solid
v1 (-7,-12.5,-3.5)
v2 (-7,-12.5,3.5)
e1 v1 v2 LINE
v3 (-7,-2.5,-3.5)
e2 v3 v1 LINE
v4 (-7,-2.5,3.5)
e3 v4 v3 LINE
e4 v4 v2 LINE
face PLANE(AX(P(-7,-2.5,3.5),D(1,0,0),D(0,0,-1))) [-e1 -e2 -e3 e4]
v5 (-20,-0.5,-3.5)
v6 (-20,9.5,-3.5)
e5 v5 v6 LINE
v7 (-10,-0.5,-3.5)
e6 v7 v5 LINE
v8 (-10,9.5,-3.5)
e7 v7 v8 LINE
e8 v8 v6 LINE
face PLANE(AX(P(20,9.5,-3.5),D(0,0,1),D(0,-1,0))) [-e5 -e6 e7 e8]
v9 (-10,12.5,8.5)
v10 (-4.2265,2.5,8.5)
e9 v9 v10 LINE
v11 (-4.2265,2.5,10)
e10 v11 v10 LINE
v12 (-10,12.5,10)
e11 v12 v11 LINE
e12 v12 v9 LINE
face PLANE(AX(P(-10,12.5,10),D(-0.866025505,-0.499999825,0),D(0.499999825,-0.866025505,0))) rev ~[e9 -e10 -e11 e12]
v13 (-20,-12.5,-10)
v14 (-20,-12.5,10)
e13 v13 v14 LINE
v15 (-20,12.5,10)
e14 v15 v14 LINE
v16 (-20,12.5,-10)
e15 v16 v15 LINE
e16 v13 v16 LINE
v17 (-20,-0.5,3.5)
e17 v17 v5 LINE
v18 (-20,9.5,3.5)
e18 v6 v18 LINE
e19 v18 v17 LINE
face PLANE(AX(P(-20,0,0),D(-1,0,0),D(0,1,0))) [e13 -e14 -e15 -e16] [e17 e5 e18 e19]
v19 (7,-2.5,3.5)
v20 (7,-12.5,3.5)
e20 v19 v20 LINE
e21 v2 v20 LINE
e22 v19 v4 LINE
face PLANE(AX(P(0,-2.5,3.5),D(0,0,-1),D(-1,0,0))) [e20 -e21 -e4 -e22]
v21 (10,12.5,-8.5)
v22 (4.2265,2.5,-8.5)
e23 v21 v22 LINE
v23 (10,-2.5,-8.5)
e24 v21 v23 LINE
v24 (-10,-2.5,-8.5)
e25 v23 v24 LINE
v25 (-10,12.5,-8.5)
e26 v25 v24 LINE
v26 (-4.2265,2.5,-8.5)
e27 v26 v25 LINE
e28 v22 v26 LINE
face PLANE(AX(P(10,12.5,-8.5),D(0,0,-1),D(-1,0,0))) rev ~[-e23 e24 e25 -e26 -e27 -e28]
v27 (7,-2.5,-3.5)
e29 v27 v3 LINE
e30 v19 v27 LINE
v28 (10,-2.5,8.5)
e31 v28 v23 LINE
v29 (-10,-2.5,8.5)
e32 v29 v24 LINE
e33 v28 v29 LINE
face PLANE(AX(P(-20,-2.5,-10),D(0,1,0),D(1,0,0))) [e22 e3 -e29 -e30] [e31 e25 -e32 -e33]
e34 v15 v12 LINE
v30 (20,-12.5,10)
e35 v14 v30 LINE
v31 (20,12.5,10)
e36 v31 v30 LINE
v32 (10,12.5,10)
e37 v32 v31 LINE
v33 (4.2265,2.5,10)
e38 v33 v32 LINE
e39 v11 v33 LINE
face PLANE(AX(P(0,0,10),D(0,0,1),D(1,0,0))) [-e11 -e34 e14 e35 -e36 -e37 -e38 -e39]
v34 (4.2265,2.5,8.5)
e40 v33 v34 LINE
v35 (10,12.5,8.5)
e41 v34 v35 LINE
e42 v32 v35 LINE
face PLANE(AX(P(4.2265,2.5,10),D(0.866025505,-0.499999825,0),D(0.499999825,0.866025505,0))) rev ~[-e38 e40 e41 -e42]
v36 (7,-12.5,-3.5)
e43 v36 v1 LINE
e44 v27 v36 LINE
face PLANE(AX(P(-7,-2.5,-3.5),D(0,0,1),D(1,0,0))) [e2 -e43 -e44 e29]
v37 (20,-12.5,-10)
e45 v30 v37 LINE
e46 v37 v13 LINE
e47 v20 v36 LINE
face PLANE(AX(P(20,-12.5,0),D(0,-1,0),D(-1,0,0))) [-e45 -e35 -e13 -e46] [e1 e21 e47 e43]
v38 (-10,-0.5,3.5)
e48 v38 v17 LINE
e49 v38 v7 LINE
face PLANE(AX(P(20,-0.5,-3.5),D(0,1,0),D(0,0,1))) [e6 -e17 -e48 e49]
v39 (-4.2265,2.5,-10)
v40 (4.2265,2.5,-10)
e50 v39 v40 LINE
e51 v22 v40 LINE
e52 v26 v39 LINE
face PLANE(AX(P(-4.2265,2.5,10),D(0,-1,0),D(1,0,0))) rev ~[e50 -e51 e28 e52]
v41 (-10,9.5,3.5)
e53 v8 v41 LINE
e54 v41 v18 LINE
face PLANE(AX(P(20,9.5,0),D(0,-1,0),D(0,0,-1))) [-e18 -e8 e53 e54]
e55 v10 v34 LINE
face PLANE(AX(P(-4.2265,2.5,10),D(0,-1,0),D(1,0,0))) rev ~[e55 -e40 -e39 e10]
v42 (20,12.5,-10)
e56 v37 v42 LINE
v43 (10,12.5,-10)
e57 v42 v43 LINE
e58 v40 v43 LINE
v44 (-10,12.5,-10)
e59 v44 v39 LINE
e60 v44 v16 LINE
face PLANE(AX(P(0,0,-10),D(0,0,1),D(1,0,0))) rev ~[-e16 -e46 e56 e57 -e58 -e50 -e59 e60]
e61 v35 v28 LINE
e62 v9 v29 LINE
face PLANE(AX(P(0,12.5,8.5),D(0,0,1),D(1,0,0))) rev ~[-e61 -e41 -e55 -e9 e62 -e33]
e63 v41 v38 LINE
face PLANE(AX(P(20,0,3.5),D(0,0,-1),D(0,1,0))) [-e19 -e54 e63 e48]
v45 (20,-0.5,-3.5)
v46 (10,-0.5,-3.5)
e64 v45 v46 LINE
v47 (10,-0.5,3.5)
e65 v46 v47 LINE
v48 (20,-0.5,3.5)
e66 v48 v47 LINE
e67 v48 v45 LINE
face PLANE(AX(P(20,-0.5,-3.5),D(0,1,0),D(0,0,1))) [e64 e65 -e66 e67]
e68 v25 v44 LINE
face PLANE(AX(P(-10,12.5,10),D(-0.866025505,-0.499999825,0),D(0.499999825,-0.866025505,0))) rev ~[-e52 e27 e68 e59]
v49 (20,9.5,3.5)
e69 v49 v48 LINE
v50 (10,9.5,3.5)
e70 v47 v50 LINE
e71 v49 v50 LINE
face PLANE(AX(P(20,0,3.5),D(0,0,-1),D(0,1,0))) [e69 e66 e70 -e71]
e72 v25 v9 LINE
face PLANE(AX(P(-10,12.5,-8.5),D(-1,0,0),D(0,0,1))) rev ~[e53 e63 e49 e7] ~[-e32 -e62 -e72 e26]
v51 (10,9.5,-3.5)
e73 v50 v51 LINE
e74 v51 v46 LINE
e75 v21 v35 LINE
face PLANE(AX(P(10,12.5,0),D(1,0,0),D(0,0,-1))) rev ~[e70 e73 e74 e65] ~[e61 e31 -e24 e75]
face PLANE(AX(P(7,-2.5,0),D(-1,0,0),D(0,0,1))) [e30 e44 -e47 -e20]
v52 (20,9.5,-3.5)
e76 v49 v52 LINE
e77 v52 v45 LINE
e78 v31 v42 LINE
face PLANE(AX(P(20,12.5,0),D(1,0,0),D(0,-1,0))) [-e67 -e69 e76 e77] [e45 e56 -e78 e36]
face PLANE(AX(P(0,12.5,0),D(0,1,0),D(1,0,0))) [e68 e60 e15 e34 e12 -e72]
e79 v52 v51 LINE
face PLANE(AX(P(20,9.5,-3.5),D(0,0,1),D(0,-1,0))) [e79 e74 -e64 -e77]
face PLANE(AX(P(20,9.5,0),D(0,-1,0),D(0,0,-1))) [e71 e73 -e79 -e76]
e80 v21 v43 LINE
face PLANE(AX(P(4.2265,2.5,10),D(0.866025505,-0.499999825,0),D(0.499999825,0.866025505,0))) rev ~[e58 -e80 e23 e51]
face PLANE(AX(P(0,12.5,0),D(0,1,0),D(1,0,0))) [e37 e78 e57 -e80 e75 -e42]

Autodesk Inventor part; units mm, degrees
ref_plane "YZ Plane" through (0, 0, 0) normal (1, 0, 0) x (0, 1, 0)
ref_plane "XZ Plane" through (0, 0, 0) normal (0, 1, 0) x (-1, 0, 0)
ref_plane "XY Plane" through (0, 0, 0) normal (0, 0, 1) x (1, 0, 0)
sketch "Náčrt1" plane through (0, 0, 0) normal (0, 0, 1) x (1, 0, 0)
  line L0 (0, 17.5) -> (0, -17.5) projected
  line L1 (-28, 0) -> (28, 0) projected
  line L2 (-20, 12.5) -> (20, 12.5)
  line L3 (20, 12.5) -> (20, -12.5)
  line L4 (20, -12.5) -> (-20, -12.5)
  line L5 (-20, -12.5) -> (-20, 12.5)
  point P0 (0, 0)
  dimension "d0" = 40
  dimension "d1" = 25
extrude "Vysunutí1" add sketch "Náčrt1" along normal mid plane 20
sketch "Náčrt2" plane through (-20, 12.5, -10) normal (0, 1, 0) x (1, 0, 0)
  line L0 (0, 0) -> (40, 0) projected
  line L1 (0, 0) -> (0, -20) projected
  line L2 (40, -20) -> (0, -20) projected
  line L3 (40, 0) -> (40, -20) projected
  line L4 (-8, -10) -> (48, -10) projected
  line L5 (20, 4) -> (20, -24) projected
  line L6 (10, -18.5) -> (30, -18.5)
  line L7 (30, -18.5) -> (30, -1.5)
  line L8 (30, -1.5) -> (10, -1.5)
  line L9 (10, -1.5) -> (10, -18.5)
  point P0 (20, -10)
  dimension "d4" = 17
  dimension "d5" = 20
extrude "Vysunutí2" cut sketch "Náčrt2" against normal blind 15 contours L8 L7 L4 L5 | L5 L4 L9 L8 | L4 L5 L6 L9 | L4 L7 L6 L5
sketch "Náčrt3" plane through (0, 0, 10) normal (0, 0, 1) x (1, 0, 0)
  line L0 (-20, -12.5) -> (20, -12.5) projected
  line L1 (20, -12.5) -> (20, 12.5) projected
  line L2 (20, 12.5) -> (-20, 12.5) projected
  line L3 (-20, 12.5) -> (-20, -12.5) projected
  line L4 (-10, 12.5) -> (-10, -2.5) projected
  line L5 (10, 12.5) -> (10, -2.5) projected
  line L6 (10, -2.5) -> (-10, -2.5) projected
  line L7 (-28, 0) -> (28, 0) projected
  line L8 (0, -17.5) -> (0, 17.5) projected
  line L9 (-10, 12.5) -> (-4.2265, 2.5)
  line L10 (-4.2265, 2.5) -> (4.2265, 2.5)
  line L11 (-20, 12.5) -> (20, 12.5) projected
  line L12 (4.2265, 2.5) -> (10, 12.5)
  line L13 (-10, 12.5) -> (10, 12.5)
  point P0 (0, 0)
  point P1 (0, 3.8397)
  dimension "d8" = 5
  dimension "d9" = 30
  dimension "d10" = 30
extrude "Vysunutí3" cut sketch "Náčrt3" against normal through all contours L2 L8 L10 L9 | L8 L2 L12 L10
sketch "Náčrt5" plane through (20, -12.5, 10) normal (1, 0, 0) x (0, 0, -1)
  line L0 (20, 25) -> (0, 25) projected
  line L1 (0, 0) -> (0, 25) projected
  line L2 (20, 0) -> (0, 0) projected
  line L3 (20, 25) -> (20, 0) projected
  line L4 (18.5, 25) -> (18.5, 10) projected
  line L5 (18.5, 10) -> (1.5, 10) projected
  line L6 (1.5, 25) -> (1.5, 10) projected
  line L7 (10, -5) -> (10, 30) projected
  line L8 (-4, 12.5) -> (24, 12.5) projected
  line L9 (6.5, 22) -> (13.5, 22)
  line L10 (13.5, 22) -> (13.5, 12)
  line L11 (13.5, 12) -> (6.5, 12)
  line L12 (6.5, 12) -> (6.5, 22)
  line L13 (10, 22) -> (10, 12.5)
  line L14 (13.5, 12.5) -> (10, 12.5)
  line L15 (10, 22) -> (13.5, 22)
  line L16 (13.5, 12.5) -> (13.5, 22)
  dimension "d16" = 7
  dimension "d17" = 10
  dimension "d18" = 3
extrude "Vysunutí4" cut sketch "Náčrt5" against normal through all contours L9 L10 L8 L7 | L7 L8 L12 L9 | L10 L11 L7 L8 | L7 L11 L12 L8
sketch "Náčrt6" plane through (-20, -2.5, -10) normal (0, 1, 0) x (1, 0, 0)
  line L0 (30, -18.5) -> (10, -18.5) projected
  line L1 (30, -1.5) -> (30, -18.5) projected
  line L2 (10, -1.5) -> (30, -1.5) projected
  line L3 (10, -18.5) -> (10, -1.5) projected
  line L4 (-8, -10) -> (48, -10) projected
  line L5 (20, 4) -> (20, -24) projected
  line L6 (13, -6.5) -> (27, -6.5)
  line L7 (27, -6.5) -> (27, -13.5)
  line L8 (27, -13.5) -> (13, -13.5)
  line L9 (13, -13.5) -> (13, -6.5)
  point P0 (20, -10)
  dimension "d21" = 7
  dimension "d22" = 14
  dimension "d23" = 3
extrude "Vysunutí5" cut sketch "Náčrt6" against normal through all contours L8 L9 L4 L5 | L5 L4 L7 L8 | L4 L5 L6 L7 | L4 L9 L6 L5
properties part number "uhelnik_30x30_3D tisk"
